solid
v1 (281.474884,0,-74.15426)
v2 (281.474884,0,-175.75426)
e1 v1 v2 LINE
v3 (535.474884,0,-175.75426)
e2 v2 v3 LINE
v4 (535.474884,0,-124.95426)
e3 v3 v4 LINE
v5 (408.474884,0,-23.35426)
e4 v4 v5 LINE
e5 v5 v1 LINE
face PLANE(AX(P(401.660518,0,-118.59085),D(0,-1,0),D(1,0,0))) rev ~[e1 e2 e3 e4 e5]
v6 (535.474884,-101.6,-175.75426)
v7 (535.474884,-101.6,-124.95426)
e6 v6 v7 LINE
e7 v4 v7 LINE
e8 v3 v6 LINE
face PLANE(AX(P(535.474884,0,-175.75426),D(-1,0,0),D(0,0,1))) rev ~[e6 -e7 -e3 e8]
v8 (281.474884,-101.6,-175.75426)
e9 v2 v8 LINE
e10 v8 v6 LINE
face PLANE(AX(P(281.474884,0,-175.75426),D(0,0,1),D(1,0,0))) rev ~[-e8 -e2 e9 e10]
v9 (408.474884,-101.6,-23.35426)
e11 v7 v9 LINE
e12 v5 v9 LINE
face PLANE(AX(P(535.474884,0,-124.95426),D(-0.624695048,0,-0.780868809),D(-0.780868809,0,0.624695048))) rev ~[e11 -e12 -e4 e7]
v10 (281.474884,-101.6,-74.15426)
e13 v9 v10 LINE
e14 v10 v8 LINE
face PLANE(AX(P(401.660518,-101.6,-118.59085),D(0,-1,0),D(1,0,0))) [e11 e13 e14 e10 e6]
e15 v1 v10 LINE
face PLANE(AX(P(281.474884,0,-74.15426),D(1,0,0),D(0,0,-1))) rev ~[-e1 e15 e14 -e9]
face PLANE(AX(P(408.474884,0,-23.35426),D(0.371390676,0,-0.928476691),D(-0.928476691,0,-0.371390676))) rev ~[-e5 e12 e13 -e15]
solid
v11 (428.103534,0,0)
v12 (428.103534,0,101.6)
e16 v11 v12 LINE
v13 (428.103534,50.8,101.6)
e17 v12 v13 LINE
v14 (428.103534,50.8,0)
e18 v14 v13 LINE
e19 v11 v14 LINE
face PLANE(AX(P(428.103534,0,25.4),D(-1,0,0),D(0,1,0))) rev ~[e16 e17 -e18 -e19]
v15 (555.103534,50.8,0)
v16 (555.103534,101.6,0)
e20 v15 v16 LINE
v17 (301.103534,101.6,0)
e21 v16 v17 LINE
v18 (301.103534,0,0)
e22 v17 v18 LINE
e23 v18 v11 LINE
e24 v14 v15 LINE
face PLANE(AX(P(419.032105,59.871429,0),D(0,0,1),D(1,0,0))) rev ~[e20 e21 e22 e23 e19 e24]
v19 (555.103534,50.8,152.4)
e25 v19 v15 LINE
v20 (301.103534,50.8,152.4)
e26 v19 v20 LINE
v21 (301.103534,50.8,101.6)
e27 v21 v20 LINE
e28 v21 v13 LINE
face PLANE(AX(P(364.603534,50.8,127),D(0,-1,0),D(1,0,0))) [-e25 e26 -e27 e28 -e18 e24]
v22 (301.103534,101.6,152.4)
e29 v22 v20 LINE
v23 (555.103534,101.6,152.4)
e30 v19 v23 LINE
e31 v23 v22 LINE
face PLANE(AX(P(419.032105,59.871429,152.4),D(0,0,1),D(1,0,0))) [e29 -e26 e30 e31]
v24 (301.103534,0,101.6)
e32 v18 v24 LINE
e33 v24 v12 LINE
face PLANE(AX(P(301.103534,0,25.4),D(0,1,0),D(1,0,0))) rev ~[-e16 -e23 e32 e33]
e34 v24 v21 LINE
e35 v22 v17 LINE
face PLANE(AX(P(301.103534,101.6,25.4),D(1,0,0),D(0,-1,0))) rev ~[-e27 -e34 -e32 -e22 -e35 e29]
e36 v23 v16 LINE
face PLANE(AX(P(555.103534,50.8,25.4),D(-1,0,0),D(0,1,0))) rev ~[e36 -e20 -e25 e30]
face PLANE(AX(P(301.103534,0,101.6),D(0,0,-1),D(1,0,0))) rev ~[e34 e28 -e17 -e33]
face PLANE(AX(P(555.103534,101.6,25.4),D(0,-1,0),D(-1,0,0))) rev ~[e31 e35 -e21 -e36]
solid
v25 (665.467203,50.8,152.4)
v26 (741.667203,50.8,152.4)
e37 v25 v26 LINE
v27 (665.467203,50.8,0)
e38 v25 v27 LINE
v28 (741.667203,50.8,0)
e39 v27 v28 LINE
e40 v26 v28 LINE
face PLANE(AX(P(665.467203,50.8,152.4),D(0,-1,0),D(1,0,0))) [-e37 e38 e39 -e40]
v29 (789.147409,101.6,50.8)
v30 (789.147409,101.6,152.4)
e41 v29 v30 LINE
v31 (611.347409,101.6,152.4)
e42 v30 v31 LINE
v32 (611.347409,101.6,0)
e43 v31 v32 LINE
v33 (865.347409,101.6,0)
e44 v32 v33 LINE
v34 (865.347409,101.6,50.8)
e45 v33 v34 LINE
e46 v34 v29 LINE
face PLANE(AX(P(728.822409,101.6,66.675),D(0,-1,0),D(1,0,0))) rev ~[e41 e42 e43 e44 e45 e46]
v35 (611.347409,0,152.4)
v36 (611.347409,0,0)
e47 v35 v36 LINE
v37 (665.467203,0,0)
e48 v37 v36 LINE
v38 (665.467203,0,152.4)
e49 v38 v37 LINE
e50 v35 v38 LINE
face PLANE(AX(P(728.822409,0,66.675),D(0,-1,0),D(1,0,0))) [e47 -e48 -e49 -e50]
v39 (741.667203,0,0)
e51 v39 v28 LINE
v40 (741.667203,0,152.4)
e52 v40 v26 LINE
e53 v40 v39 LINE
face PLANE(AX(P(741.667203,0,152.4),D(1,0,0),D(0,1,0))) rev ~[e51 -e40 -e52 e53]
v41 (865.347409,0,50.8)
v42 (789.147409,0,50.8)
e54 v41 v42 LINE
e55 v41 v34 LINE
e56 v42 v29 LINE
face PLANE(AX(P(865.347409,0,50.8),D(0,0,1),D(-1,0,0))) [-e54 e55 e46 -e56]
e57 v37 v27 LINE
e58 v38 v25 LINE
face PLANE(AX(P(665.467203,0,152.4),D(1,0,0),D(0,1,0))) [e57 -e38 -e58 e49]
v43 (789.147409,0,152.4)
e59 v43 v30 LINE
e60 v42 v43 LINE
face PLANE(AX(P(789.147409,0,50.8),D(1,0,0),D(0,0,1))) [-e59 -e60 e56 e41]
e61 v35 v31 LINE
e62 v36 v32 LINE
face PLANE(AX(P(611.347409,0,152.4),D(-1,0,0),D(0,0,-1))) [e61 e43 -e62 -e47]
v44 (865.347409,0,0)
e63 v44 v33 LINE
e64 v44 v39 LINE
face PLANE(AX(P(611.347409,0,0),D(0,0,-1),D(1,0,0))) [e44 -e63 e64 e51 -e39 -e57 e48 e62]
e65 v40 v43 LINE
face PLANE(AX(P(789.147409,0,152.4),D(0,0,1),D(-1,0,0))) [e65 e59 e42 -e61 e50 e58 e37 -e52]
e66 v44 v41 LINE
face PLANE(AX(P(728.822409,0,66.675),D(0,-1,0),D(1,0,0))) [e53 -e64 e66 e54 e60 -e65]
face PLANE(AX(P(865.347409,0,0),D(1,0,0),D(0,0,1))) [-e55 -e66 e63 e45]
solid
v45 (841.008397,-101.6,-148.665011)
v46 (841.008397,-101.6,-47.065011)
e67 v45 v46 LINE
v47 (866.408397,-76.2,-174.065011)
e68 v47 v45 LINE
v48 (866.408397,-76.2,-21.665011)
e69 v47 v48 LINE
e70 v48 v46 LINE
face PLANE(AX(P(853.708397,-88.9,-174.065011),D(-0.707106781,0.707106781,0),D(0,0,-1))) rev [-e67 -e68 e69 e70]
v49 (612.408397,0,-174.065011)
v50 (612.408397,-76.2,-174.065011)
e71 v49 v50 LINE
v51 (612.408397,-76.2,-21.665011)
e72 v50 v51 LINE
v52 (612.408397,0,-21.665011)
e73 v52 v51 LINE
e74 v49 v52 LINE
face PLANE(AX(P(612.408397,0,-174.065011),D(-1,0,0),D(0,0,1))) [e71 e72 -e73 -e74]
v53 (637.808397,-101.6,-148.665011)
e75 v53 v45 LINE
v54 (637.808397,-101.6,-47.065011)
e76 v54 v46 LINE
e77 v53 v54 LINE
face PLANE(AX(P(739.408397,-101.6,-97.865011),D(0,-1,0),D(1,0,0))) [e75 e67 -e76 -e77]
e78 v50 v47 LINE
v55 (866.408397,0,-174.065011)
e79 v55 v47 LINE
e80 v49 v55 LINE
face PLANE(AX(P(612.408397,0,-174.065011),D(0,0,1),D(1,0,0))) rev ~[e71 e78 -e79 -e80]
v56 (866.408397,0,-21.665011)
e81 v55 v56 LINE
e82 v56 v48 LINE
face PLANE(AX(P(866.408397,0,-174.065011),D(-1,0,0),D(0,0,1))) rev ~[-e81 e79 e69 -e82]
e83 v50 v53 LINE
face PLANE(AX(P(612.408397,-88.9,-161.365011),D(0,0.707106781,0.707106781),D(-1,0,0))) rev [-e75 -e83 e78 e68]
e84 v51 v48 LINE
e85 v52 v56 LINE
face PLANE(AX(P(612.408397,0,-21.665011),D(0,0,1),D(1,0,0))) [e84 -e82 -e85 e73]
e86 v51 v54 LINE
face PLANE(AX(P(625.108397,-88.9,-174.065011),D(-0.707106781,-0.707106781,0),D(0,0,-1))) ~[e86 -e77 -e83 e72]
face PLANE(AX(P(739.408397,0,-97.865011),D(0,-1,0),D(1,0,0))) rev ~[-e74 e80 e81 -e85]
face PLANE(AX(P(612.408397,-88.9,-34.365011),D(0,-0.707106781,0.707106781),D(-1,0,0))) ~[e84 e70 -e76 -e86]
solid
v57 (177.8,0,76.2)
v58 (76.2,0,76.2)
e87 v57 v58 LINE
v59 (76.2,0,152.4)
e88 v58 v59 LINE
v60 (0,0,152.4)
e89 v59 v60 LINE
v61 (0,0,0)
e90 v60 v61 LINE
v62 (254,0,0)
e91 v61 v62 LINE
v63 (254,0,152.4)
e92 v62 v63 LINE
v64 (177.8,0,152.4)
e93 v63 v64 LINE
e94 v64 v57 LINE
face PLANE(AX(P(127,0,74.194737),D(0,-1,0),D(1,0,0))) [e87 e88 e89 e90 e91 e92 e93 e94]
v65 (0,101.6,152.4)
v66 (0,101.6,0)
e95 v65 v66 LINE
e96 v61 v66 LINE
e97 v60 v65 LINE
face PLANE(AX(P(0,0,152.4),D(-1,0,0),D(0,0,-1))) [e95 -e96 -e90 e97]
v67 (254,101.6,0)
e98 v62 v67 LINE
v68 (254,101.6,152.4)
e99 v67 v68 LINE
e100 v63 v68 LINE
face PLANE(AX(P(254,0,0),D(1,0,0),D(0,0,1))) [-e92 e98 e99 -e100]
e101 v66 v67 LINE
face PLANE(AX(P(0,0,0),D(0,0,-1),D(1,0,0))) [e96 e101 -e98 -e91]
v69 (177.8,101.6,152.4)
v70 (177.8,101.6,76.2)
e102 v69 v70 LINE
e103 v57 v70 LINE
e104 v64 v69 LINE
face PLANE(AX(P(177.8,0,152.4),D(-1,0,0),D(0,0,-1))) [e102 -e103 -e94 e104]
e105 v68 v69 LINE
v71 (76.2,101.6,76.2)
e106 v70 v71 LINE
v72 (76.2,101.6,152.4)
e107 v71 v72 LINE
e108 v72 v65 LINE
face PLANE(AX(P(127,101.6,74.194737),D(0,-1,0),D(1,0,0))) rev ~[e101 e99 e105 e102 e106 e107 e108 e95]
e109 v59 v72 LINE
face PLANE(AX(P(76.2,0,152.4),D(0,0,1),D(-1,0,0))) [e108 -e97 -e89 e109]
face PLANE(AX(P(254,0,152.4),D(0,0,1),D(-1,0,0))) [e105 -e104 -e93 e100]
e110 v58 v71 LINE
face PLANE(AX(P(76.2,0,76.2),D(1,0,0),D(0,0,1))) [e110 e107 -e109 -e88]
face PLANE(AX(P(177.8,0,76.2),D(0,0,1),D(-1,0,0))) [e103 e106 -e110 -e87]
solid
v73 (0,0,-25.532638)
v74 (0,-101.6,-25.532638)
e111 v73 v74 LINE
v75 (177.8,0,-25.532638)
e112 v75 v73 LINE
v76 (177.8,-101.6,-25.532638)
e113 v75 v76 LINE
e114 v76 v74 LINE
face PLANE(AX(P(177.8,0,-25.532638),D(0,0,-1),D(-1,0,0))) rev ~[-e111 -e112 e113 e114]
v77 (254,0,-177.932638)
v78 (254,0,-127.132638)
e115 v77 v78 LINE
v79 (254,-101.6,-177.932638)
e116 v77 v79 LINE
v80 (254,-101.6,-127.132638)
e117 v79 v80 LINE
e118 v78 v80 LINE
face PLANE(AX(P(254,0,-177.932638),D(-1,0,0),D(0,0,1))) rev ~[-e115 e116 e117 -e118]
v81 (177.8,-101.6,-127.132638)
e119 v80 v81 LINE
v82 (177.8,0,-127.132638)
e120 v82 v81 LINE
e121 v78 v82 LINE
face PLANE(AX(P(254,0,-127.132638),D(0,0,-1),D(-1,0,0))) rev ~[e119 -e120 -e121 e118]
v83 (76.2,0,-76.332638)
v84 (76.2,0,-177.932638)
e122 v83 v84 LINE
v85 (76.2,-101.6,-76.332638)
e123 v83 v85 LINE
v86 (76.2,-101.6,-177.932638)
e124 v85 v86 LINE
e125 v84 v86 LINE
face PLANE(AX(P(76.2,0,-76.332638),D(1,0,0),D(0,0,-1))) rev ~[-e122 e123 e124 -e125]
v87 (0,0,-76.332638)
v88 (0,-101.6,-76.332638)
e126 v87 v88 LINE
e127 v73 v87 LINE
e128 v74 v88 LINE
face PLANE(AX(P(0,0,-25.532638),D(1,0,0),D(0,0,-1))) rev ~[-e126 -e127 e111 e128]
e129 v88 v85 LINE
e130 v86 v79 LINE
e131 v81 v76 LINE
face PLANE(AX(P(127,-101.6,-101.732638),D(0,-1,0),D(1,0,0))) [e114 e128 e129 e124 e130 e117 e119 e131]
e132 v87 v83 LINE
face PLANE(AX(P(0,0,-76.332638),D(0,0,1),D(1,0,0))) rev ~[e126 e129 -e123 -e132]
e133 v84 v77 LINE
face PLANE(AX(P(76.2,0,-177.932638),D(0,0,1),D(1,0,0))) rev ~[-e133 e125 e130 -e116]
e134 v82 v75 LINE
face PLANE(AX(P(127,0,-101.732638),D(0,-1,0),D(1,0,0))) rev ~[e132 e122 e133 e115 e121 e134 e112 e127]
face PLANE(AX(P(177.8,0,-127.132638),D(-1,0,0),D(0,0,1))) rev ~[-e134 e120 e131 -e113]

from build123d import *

# Parameters (mm, degrees)
F1_DEPTH  = 101.6
F3_DEPTH  = 25.4
F4_DEPTH  = 127
F5_W      = 127
F5_H      = 50.8
F6_DEPTH  = 50.8
F8_DEPTH  = 101.6
F9_W      = 76.2
F9_H      = 50.8
F10_DEPTH = 152.4
F12_DEPTH = 101.6
F13_W     = 76.2
F13_H     = 50.8
F14_DEPTH = 152.4
F16_DEPTH = 101.6
F17_W     = 254
F17_H     = 152.4
F18_DEPTH = 101.6
F19_SIZE  = 25.4


with BuildPart() as f1:
    # F0 (on Front) → F1 (new body)
    with BuildSketch(Plane.XZ):
        Polygon((0, 152.4), (0, 0), (254, 0), (254, 152.4), (177.8, 152.4), (177.8, 76.2), (76.2, 76.2), (76.2, 152.4), align=None)
    extrude(amount=-F1_DEPTH)


with BuildPart() as f3:
    # F2 (on Top) → F3 (new body)
    with BuildSketch(Plane.XY):
        Polygon((301.103534, 101.6), (301.103534, 0), (428.103534, 0), (428.103534, 50.8), (555.103534, 50.8), (555.103534, 101.6), align=None)
    extrude(amount=F3_DEPTH)

    # F3_face (on face) → F4 (join)
    with BuildSketch(Plane(origin=(406.936867, 59.266667, 25.4), x_dir=(1, 0, 0), z_dir=(0, 0, 1))):
        Polygon((-105.833333, 42.333333), (-105.833333, -59.266667), (21.166667, -59.266667), (21.166667, -8.466667), (148.166667, -8.466667), (148.166667, 42.333333), align=None)
    extrude(amount=F4_DEPTH)

    # F5 (on face) → F6 (cut)
    with BuildSketch(Plane.XZ):
        with Locations((364.603534, 127)):
            Rectangle(F5_W, F5_H)
    extrude(amount=-F6_DEPTH, mode=Mode.SUBTRACT)


with BuildPart() as f8:
    # F7 (on Front) → F8 (new body)
    with BuildSketch(Plane.XZ):
        Polygon((611.347409, 152.4), (611.347409, 0), (865.347409, 0), (865.347409, 50.8), (789.147409, 50.8), (789.147409, 152.4), align=None)
    extrude(amount=-F8_DEPTH)

    # F9 (on face) → F10 (join)
    with BuildSketch(Plane.XY.offset(152.4)):
        with Locations((700.247409, 25.4)):
            Rectangle(F9_W, F9_H)
    extrude(amount=-F10_DEPTH)

    # F13 (on face) → F14 (cut)
    with BuildSketch(Plane.XY.offset(152.4)):
        with Locations((703.567203, 25.4)):
            Rectangle(F13_W, F13_H)
    extrude(amount=-F14_DEPTH, mode=Mode.SUBTRACT)


with BuildPart() as f12:
    # F11 (on Front) → F12 (new body)
    with BuildSketch(Plane.XZ):
        Polygon((177.8, -25.532638), (0, -25.532638), (0, -76.332638), (76.2, -76.332638), (76.2, -177.932638), (254, -177.932638), (254, -127.132638), (177.8, -127.132638), align=None)
    extrude(amount=F12_DEPTH)


with BuildPart() as f16:
    # F15 (on Front) → F16 (new body)
    with BuildSketch(Plane.XZ):
        Polygon((281.474884, -74.15426), (281.474884, -175.75426), (535.474884, -175.75426), (535.474884, -124.95426), (408.474884, -23.35426), align=None)
    extrude(amount=F16_DEPTH)


with BuildPart() as f18:
    # F17 (on Front) → F18 (new body)
    with BuildSketch(Plane.XZ):
        with Locations((739.408397, -97.865011)):
            Rectangle(F17_W, F17_H)
    extrude(amount=F18_DEPTH)

    # F19
    f19_edges = [f18.edges().sort_by_distance(p)[0] for p in [
        (866.408397, -101.6, -97.865011),
        (739.408397, -101.6, -21.665011),
        (612.408397, -101.6, -97.865011),
        (739.408397, -101.6, -174.065011),
    ]]
    chamfer(f19_edges, length=F19_SIZE)


solid = Compound([f1.part, f3.part, f8.part, f12.part, f16.part, f18.part])
